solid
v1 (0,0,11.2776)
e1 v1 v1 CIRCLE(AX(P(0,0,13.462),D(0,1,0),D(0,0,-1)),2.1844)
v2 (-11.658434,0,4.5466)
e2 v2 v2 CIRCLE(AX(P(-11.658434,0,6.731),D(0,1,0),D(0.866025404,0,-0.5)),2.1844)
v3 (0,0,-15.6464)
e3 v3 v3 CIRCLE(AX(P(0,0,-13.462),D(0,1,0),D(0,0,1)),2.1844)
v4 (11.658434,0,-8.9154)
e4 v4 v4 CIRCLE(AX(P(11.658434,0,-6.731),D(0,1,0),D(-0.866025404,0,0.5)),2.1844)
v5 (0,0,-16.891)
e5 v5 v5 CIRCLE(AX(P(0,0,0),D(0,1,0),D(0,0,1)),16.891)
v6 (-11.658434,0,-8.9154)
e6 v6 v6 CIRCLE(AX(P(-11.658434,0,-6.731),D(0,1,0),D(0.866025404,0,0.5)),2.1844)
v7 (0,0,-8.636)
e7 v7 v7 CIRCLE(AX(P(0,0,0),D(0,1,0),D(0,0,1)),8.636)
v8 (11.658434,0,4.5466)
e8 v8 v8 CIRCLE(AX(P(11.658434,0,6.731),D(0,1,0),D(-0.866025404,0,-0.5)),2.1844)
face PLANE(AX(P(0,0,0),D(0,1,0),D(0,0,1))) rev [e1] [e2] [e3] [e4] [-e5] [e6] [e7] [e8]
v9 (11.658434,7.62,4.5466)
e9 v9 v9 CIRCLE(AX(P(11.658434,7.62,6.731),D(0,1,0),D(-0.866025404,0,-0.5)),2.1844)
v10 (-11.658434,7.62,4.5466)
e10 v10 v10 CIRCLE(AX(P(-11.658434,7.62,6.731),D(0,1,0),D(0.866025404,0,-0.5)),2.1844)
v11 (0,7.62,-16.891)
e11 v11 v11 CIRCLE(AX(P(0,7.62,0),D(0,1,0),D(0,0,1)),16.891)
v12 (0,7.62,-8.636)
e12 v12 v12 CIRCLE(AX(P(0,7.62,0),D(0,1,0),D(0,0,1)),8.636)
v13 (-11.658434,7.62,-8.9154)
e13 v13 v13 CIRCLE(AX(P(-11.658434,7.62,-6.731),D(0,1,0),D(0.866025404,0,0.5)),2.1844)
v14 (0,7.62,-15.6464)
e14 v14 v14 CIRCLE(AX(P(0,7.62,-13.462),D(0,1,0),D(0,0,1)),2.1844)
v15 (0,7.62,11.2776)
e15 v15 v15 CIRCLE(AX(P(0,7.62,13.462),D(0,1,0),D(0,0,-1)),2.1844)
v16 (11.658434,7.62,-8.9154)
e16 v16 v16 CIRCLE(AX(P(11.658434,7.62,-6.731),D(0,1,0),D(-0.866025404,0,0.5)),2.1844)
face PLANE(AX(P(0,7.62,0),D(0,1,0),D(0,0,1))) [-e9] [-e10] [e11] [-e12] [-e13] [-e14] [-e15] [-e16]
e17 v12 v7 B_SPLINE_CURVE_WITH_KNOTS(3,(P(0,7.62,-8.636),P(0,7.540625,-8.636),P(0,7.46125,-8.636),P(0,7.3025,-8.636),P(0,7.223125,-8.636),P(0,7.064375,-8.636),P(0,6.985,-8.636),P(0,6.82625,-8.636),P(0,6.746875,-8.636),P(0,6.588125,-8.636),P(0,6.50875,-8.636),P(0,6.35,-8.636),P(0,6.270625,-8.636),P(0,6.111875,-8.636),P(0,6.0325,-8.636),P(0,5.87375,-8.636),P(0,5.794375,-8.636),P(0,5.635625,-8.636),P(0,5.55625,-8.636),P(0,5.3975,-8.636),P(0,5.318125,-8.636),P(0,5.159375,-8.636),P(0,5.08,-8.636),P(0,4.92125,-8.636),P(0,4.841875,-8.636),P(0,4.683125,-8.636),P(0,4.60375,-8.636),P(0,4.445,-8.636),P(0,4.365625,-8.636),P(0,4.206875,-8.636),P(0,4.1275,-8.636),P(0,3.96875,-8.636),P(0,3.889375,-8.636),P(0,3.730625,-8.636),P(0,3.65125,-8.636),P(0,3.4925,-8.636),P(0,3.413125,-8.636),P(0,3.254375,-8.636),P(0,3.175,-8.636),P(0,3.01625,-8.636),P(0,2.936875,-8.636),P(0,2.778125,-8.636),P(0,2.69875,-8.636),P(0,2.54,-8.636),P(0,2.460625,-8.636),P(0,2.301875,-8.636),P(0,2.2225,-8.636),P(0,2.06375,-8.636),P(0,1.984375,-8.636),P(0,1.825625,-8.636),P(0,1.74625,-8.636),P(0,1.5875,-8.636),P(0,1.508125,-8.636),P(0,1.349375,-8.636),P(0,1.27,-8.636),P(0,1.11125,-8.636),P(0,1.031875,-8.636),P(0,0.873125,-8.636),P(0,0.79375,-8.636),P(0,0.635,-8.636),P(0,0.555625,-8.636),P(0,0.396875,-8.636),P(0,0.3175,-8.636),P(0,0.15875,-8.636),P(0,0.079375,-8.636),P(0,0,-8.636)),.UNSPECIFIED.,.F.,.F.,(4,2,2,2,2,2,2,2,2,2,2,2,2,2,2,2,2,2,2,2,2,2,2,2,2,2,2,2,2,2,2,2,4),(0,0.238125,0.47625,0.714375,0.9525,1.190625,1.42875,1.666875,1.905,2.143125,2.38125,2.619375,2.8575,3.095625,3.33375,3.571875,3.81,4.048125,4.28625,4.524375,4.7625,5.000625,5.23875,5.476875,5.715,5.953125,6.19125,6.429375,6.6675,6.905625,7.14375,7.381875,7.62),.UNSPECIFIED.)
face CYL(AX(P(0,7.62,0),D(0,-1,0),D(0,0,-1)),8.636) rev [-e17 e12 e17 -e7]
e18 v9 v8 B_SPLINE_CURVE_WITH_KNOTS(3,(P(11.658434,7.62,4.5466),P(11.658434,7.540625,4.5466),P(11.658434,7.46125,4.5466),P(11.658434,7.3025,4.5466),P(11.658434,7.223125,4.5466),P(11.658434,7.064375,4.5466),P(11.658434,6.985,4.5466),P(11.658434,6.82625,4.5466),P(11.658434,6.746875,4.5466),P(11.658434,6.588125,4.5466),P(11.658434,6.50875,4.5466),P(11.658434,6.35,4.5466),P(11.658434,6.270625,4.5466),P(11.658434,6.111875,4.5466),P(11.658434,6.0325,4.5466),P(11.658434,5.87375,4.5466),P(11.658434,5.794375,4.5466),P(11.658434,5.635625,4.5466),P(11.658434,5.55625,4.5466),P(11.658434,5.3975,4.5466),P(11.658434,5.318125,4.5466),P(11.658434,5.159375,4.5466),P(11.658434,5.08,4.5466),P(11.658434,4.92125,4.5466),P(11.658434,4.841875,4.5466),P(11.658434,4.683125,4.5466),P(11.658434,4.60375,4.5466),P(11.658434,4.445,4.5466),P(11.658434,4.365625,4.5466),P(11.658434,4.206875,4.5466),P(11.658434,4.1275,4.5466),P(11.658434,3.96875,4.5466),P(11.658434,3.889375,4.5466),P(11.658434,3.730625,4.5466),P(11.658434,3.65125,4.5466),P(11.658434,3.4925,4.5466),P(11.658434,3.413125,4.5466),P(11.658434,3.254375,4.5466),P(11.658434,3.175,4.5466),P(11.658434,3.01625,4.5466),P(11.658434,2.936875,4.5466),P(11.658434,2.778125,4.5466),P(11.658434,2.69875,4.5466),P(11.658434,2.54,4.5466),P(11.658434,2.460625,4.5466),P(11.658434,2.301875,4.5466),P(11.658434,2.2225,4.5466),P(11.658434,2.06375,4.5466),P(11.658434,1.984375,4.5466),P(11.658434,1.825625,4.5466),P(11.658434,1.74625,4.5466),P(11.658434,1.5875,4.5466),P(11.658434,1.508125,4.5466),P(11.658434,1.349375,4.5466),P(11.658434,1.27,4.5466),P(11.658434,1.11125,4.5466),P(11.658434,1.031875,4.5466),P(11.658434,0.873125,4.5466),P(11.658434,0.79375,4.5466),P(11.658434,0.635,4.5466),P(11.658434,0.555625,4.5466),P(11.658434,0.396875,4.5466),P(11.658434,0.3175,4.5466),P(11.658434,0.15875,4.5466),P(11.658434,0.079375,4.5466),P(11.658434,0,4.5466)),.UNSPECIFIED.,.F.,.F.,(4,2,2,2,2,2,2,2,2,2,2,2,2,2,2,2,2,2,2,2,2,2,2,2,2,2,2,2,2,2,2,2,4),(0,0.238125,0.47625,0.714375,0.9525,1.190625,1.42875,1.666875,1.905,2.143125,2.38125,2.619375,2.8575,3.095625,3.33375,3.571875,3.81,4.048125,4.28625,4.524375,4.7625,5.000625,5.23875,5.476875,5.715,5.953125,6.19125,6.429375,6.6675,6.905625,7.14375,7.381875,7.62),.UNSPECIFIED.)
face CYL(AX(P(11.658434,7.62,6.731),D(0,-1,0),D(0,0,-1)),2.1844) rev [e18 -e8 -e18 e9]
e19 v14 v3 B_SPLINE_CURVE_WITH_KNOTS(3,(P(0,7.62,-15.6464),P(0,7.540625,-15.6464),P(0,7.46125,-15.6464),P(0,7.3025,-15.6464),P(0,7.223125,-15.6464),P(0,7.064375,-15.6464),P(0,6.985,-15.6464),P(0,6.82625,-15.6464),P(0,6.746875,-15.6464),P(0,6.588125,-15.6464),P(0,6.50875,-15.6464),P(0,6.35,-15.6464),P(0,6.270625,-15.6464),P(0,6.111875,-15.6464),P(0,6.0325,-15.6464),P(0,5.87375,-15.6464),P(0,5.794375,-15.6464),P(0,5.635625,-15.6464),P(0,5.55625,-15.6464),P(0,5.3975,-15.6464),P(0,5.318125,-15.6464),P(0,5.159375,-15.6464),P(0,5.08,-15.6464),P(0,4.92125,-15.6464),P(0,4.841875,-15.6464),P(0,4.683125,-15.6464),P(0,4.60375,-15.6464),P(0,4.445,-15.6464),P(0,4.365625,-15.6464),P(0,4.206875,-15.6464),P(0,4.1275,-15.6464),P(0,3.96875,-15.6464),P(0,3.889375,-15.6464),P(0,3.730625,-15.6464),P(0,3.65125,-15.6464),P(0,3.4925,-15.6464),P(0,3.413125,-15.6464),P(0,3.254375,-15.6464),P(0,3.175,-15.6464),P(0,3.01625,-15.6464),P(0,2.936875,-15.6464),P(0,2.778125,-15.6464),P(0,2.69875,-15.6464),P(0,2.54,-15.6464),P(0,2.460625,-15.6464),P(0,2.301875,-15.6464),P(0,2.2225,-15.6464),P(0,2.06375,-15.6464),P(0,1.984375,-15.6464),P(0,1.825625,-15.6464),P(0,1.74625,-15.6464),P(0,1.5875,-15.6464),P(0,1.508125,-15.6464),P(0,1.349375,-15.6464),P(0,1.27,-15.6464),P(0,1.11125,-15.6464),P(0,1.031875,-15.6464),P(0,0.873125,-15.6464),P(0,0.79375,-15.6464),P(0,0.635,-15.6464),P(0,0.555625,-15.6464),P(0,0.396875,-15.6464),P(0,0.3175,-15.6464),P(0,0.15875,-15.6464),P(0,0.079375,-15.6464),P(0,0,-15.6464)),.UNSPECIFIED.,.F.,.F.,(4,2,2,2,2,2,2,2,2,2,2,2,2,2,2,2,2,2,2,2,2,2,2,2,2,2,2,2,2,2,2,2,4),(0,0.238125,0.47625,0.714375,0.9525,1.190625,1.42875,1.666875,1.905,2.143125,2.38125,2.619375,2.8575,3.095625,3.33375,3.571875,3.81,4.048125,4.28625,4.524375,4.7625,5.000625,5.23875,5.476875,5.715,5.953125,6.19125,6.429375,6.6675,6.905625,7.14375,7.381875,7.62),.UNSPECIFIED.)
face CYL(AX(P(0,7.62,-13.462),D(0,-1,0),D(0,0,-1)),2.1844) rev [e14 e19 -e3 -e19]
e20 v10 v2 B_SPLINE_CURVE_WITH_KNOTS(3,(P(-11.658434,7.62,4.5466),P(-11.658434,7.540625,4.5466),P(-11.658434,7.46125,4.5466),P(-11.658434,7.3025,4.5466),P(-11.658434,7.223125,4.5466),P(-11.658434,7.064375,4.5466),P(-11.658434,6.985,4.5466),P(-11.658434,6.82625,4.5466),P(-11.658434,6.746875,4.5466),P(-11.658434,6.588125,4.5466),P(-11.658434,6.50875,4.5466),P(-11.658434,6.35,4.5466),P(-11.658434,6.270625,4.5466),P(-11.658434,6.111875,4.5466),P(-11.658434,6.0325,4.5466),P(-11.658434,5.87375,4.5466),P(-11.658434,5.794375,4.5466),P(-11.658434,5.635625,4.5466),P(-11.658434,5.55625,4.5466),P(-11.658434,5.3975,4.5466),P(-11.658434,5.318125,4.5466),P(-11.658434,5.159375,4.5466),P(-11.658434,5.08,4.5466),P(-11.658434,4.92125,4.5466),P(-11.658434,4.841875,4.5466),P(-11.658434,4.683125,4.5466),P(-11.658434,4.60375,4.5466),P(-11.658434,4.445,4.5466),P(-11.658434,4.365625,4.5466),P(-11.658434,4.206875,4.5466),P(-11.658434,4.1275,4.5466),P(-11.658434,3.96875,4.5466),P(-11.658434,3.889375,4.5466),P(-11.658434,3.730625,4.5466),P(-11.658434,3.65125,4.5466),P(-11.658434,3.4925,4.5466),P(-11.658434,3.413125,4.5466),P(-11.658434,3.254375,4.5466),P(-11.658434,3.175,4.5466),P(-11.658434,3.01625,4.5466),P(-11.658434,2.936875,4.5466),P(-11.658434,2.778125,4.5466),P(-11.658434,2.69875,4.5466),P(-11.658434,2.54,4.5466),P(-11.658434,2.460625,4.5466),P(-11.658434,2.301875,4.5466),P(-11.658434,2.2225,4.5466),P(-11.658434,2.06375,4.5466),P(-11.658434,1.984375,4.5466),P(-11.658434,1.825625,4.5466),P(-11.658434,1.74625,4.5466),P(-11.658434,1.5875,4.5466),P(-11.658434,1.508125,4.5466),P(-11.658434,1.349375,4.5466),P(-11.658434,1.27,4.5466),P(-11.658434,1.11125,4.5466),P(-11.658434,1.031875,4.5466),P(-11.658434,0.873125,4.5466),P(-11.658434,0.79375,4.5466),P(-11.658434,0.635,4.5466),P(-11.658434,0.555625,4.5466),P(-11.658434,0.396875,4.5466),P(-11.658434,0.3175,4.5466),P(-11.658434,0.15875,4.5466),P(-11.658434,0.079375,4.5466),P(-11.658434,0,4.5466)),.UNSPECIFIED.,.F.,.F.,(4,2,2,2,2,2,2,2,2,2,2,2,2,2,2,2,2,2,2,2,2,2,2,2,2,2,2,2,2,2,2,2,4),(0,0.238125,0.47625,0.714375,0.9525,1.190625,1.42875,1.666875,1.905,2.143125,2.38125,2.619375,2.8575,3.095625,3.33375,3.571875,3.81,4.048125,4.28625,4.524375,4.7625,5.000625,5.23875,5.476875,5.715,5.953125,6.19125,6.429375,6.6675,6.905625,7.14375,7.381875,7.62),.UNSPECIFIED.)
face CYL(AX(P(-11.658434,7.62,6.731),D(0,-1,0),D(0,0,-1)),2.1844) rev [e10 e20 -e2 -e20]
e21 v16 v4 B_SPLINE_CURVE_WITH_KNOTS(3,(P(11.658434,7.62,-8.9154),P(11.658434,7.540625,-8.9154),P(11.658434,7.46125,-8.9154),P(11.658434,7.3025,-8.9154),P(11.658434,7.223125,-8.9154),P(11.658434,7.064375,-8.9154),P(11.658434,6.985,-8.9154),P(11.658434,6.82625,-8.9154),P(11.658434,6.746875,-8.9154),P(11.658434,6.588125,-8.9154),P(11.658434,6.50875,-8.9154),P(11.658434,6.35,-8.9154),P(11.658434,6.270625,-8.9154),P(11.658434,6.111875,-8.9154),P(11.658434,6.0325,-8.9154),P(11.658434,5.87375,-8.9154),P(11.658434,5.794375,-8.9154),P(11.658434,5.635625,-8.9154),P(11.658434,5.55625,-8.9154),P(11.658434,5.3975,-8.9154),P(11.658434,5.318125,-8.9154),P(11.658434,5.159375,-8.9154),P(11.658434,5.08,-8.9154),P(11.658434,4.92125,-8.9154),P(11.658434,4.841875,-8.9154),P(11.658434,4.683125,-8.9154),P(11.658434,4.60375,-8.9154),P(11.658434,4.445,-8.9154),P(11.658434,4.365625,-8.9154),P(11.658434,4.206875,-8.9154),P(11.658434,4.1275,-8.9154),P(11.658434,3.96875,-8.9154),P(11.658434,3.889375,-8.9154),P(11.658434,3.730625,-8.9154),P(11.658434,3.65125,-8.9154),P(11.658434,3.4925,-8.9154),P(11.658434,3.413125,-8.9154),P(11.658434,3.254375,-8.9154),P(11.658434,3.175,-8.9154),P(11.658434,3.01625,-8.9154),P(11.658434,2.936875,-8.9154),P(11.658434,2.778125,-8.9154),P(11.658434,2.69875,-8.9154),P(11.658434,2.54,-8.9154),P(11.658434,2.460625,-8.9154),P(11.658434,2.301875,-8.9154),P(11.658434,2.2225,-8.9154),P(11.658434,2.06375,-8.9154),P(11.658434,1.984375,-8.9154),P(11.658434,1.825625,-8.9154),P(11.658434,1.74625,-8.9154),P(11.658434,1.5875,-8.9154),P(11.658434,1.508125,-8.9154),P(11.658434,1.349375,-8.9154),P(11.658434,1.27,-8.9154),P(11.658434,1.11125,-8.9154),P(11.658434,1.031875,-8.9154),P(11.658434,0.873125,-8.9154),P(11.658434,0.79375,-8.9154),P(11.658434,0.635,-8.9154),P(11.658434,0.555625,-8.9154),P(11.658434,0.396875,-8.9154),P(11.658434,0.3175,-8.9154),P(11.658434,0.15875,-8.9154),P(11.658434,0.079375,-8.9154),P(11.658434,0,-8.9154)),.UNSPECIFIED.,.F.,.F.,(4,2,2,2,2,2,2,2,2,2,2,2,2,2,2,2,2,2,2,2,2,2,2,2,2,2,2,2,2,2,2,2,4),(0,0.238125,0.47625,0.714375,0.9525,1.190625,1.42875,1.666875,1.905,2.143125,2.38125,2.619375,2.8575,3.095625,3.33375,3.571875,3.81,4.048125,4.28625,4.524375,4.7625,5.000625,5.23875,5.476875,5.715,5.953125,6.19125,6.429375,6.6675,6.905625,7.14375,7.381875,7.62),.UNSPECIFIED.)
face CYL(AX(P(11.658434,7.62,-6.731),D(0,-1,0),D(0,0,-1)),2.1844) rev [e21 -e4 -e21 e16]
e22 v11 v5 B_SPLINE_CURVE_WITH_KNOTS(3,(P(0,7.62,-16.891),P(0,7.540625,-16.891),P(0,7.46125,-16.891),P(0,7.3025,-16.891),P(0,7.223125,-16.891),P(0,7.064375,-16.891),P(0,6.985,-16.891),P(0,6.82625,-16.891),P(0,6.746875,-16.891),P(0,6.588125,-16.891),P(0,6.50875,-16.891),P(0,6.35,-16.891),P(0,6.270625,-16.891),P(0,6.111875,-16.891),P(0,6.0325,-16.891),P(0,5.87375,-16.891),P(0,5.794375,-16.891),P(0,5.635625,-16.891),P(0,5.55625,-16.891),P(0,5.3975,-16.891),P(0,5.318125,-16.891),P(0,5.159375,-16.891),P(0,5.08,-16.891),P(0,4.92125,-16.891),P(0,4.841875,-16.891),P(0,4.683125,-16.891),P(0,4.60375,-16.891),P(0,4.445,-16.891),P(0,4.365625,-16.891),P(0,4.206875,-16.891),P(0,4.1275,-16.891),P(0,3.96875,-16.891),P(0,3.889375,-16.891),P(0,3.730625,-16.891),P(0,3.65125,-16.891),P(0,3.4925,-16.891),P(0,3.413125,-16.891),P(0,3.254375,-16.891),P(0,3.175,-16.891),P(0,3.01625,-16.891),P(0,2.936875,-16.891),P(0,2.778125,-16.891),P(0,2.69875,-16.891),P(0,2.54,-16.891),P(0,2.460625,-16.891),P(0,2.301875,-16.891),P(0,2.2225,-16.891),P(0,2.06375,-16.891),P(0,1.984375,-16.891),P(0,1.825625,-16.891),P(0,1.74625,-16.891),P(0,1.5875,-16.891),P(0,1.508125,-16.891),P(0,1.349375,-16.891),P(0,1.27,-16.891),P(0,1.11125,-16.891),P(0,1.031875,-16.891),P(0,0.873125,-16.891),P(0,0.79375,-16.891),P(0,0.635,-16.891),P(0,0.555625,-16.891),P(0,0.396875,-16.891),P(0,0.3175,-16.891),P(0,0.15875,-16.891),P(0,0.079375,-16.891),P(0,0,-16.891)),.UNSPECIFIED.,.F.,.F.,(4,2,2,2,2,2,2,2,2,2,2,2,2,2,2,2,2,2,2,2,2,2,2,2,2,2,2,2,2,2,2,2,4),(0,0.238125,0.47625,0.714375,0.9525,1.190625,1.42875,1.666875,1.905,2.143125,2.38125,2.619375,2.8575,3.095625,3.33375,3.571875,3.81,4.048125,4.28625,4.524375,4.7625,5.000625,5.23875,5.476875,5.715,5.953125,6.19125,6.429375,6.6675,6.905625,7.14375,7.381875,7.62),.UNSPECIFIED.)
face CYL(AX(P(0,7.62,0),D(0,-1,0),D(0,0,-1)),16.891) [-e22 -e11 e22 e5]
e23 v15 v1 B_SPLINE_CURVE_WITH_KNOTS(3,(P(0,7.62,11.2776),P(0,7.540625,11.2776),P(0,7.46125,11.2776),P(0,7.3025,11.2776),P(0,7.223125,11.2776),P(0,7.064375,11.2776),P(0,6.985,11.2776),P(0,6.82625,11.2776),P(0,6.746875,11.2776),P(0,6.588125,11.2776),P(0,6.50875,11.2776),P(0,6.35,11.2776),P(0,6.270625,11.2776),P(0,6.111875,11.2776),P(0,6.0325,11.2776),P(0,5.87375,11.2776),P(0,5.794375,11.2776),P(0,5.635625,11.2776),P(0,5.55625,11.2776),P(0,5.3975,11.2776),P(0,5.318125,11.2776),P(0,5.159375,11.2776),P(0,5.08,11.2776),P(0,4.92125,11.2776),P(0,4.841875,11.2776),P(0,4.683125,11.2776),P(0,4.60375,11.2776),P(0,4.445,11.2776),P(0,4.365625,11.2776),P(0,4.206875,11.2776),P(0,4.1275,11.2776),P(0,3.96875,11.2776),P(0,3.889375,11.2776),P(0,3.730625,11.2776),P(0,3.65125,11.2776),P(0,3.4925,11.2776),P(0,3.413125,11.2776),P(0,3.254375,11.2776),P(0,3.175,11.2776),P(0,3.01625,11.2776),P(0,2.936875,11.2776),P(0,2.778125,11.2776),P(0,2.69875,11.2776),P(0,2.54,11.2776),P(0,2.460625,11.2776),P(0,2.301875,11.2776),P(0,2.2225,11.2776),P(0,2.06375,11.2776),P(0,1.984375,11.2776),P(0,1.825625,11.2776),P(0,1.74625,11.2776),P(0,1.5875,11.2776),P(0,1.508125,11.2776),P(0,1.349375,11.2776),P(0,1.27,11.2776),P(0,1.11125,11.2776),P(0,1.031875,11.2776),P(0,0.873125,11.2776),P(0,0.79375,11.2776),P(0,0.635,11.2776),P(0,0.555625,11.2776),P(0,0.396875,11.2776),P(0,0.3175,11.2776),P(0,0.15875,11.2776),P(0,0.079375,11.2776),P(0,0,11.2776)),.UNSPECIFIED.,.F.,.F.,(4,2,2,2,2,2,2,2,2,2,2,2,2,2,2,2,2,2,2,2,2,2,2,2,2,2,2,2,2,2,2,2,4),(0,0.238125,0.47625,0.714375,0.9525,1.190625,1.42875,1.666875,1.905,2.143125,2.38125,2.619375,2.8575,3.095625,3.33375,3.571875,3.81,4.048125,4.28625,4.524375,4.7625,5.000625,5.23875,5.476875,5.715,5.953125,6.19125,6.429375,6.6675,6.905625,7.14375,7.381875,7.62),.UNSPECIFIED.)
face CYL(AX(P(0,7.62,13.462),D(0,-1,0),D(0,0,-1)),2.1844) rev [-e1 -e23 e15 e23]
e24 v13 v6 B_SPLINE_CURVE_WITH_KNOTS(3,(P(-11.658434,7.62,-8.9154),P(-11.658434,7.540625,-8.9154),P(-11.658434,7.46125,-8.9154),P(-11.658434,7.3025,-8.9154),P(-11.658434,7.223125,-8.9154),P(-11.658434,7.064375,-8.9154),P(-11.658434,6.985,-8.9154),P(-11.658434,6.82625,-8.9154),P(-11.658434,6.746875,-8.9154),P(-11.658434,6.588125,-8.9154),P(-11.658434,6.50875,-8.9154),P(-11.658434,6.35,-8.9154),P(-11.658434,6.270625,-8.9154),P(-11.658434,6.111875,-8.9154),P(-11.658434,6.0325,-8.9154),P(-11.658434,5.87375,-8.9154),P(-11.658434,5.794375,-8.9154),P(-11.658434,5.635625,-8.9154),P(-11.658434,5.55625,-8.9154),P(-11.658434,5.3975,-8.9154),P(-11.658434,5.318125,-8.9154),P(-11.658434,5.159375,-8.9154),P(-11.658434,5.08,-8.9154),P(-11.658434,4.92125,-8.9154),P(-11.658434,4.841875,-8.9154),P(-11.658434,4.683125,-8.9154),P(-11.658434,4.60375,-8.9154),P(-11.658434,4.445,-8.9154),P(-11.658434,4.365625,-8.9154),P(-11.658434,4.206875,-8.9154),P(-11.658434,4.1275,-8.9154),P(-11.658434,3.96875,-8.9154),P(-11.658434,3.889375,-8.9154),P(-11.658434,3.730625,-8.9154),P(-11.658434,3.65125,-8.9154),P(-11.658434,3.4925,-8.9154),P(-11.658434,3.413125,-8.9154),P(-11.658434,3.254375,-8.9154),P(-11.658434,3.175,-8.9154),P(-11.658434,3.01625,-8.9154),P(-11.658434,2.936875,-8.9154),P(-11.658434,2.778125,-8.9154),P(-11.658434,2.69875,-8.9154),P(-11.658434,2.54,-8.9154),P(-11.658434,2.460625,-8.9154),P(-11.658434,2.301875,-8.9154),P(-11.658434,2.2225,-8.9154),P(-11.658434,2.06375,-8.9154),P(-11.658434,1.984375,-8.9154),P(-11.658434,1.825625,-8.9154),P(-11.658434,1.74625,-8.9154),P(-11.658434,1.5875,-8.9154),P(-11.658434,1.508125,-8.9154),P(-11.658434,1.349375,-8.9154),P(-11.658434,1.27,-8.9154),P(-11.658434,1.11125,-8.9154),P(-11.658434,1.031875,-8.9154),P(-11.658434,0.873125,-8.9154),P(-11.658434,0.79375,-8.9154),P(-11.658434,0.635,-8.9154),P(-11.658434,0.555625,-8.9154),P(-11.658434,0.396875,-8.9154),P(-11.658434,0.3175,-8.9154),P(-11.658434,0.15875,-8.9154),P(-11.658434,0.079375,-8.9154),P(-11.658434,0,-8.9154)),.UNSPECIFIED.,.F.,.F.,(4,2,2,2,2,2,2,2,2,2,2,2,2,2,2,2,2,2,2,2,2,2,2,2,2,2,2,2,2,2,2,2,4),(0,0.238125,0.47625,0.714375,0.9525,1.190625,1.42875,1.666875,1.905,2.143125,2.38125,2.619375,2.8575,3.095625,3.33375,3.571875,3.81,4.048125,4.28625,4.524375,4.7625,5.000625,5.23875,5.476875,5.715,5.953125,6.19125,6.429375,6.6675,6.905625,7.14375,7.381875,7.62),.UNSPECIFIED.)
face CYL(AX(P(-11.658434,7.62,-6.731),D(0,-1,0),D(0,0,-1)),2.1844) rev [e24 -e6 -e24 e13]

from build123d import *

# Parameters (mm, degrees)
SKETCH1_R          = 16.891
EXTRUDE1_DEPTH     = 7.62
SKETCH2_R          = 8.636
CUT_EXTRUDE4_DEPTH = 26.073415443
SKETCH3_R          = 2.1844
CUT_EXTRUDE6_DEPTH = 7.62
CIRPATTERN1_COUNT  = 6


with BuildPart() as part:
    # Sketch1 → Extrude1 (new body)
    with BuildSketch(Plane(origin=(0, 0, 0), x_dir=(1, 0, 0), z_dir=(0, 1, 0))):
        Circle(SKETCH1_R)
    extrude(amount=EXTRUDE1_DEPTH)

    # Sketch2 → Cut-Extrude4 (cut, through all)
    with BuildSketch(Plane(origin=(0, 0, 0), x_dir=(1, 0, 0), z_dir=(0, 1, 0))):
        Circle(SKETCH2_R)
    extrude(amount=CUT_EXTRUDE4_DEPTH, mode=Mode.SUBTRACT)

    # Sketch3 → Cut-Extrude6 (cut)
    with BuildSketch(Plane(origin=(0, 0, 0), x_dir=(1, 0, 0), z_dir=(0, 1, 0))):
        with Locations((0, 13.462)):
            Circle(SKETCH3_R)
    cut_extrude6 = extrude(amount=CUT_EXTRUDE6_DEPTH, mode=Mode.SUBTRACT)

    # CirPattern1: Cut-Extrude6 ×6 about axis
    cirpattern1_axis = Axis((0, 17.342311411, 0), (0, -1, 0))
    for i in range(1, CIRPATTERN1_COUNT):
        add(cut_extrude6.rotate(cirpattern1_axis, i * 360 / CIRPATTERN1_COUNT), mode=Mode.SUBTRACT)


solid = part.part
